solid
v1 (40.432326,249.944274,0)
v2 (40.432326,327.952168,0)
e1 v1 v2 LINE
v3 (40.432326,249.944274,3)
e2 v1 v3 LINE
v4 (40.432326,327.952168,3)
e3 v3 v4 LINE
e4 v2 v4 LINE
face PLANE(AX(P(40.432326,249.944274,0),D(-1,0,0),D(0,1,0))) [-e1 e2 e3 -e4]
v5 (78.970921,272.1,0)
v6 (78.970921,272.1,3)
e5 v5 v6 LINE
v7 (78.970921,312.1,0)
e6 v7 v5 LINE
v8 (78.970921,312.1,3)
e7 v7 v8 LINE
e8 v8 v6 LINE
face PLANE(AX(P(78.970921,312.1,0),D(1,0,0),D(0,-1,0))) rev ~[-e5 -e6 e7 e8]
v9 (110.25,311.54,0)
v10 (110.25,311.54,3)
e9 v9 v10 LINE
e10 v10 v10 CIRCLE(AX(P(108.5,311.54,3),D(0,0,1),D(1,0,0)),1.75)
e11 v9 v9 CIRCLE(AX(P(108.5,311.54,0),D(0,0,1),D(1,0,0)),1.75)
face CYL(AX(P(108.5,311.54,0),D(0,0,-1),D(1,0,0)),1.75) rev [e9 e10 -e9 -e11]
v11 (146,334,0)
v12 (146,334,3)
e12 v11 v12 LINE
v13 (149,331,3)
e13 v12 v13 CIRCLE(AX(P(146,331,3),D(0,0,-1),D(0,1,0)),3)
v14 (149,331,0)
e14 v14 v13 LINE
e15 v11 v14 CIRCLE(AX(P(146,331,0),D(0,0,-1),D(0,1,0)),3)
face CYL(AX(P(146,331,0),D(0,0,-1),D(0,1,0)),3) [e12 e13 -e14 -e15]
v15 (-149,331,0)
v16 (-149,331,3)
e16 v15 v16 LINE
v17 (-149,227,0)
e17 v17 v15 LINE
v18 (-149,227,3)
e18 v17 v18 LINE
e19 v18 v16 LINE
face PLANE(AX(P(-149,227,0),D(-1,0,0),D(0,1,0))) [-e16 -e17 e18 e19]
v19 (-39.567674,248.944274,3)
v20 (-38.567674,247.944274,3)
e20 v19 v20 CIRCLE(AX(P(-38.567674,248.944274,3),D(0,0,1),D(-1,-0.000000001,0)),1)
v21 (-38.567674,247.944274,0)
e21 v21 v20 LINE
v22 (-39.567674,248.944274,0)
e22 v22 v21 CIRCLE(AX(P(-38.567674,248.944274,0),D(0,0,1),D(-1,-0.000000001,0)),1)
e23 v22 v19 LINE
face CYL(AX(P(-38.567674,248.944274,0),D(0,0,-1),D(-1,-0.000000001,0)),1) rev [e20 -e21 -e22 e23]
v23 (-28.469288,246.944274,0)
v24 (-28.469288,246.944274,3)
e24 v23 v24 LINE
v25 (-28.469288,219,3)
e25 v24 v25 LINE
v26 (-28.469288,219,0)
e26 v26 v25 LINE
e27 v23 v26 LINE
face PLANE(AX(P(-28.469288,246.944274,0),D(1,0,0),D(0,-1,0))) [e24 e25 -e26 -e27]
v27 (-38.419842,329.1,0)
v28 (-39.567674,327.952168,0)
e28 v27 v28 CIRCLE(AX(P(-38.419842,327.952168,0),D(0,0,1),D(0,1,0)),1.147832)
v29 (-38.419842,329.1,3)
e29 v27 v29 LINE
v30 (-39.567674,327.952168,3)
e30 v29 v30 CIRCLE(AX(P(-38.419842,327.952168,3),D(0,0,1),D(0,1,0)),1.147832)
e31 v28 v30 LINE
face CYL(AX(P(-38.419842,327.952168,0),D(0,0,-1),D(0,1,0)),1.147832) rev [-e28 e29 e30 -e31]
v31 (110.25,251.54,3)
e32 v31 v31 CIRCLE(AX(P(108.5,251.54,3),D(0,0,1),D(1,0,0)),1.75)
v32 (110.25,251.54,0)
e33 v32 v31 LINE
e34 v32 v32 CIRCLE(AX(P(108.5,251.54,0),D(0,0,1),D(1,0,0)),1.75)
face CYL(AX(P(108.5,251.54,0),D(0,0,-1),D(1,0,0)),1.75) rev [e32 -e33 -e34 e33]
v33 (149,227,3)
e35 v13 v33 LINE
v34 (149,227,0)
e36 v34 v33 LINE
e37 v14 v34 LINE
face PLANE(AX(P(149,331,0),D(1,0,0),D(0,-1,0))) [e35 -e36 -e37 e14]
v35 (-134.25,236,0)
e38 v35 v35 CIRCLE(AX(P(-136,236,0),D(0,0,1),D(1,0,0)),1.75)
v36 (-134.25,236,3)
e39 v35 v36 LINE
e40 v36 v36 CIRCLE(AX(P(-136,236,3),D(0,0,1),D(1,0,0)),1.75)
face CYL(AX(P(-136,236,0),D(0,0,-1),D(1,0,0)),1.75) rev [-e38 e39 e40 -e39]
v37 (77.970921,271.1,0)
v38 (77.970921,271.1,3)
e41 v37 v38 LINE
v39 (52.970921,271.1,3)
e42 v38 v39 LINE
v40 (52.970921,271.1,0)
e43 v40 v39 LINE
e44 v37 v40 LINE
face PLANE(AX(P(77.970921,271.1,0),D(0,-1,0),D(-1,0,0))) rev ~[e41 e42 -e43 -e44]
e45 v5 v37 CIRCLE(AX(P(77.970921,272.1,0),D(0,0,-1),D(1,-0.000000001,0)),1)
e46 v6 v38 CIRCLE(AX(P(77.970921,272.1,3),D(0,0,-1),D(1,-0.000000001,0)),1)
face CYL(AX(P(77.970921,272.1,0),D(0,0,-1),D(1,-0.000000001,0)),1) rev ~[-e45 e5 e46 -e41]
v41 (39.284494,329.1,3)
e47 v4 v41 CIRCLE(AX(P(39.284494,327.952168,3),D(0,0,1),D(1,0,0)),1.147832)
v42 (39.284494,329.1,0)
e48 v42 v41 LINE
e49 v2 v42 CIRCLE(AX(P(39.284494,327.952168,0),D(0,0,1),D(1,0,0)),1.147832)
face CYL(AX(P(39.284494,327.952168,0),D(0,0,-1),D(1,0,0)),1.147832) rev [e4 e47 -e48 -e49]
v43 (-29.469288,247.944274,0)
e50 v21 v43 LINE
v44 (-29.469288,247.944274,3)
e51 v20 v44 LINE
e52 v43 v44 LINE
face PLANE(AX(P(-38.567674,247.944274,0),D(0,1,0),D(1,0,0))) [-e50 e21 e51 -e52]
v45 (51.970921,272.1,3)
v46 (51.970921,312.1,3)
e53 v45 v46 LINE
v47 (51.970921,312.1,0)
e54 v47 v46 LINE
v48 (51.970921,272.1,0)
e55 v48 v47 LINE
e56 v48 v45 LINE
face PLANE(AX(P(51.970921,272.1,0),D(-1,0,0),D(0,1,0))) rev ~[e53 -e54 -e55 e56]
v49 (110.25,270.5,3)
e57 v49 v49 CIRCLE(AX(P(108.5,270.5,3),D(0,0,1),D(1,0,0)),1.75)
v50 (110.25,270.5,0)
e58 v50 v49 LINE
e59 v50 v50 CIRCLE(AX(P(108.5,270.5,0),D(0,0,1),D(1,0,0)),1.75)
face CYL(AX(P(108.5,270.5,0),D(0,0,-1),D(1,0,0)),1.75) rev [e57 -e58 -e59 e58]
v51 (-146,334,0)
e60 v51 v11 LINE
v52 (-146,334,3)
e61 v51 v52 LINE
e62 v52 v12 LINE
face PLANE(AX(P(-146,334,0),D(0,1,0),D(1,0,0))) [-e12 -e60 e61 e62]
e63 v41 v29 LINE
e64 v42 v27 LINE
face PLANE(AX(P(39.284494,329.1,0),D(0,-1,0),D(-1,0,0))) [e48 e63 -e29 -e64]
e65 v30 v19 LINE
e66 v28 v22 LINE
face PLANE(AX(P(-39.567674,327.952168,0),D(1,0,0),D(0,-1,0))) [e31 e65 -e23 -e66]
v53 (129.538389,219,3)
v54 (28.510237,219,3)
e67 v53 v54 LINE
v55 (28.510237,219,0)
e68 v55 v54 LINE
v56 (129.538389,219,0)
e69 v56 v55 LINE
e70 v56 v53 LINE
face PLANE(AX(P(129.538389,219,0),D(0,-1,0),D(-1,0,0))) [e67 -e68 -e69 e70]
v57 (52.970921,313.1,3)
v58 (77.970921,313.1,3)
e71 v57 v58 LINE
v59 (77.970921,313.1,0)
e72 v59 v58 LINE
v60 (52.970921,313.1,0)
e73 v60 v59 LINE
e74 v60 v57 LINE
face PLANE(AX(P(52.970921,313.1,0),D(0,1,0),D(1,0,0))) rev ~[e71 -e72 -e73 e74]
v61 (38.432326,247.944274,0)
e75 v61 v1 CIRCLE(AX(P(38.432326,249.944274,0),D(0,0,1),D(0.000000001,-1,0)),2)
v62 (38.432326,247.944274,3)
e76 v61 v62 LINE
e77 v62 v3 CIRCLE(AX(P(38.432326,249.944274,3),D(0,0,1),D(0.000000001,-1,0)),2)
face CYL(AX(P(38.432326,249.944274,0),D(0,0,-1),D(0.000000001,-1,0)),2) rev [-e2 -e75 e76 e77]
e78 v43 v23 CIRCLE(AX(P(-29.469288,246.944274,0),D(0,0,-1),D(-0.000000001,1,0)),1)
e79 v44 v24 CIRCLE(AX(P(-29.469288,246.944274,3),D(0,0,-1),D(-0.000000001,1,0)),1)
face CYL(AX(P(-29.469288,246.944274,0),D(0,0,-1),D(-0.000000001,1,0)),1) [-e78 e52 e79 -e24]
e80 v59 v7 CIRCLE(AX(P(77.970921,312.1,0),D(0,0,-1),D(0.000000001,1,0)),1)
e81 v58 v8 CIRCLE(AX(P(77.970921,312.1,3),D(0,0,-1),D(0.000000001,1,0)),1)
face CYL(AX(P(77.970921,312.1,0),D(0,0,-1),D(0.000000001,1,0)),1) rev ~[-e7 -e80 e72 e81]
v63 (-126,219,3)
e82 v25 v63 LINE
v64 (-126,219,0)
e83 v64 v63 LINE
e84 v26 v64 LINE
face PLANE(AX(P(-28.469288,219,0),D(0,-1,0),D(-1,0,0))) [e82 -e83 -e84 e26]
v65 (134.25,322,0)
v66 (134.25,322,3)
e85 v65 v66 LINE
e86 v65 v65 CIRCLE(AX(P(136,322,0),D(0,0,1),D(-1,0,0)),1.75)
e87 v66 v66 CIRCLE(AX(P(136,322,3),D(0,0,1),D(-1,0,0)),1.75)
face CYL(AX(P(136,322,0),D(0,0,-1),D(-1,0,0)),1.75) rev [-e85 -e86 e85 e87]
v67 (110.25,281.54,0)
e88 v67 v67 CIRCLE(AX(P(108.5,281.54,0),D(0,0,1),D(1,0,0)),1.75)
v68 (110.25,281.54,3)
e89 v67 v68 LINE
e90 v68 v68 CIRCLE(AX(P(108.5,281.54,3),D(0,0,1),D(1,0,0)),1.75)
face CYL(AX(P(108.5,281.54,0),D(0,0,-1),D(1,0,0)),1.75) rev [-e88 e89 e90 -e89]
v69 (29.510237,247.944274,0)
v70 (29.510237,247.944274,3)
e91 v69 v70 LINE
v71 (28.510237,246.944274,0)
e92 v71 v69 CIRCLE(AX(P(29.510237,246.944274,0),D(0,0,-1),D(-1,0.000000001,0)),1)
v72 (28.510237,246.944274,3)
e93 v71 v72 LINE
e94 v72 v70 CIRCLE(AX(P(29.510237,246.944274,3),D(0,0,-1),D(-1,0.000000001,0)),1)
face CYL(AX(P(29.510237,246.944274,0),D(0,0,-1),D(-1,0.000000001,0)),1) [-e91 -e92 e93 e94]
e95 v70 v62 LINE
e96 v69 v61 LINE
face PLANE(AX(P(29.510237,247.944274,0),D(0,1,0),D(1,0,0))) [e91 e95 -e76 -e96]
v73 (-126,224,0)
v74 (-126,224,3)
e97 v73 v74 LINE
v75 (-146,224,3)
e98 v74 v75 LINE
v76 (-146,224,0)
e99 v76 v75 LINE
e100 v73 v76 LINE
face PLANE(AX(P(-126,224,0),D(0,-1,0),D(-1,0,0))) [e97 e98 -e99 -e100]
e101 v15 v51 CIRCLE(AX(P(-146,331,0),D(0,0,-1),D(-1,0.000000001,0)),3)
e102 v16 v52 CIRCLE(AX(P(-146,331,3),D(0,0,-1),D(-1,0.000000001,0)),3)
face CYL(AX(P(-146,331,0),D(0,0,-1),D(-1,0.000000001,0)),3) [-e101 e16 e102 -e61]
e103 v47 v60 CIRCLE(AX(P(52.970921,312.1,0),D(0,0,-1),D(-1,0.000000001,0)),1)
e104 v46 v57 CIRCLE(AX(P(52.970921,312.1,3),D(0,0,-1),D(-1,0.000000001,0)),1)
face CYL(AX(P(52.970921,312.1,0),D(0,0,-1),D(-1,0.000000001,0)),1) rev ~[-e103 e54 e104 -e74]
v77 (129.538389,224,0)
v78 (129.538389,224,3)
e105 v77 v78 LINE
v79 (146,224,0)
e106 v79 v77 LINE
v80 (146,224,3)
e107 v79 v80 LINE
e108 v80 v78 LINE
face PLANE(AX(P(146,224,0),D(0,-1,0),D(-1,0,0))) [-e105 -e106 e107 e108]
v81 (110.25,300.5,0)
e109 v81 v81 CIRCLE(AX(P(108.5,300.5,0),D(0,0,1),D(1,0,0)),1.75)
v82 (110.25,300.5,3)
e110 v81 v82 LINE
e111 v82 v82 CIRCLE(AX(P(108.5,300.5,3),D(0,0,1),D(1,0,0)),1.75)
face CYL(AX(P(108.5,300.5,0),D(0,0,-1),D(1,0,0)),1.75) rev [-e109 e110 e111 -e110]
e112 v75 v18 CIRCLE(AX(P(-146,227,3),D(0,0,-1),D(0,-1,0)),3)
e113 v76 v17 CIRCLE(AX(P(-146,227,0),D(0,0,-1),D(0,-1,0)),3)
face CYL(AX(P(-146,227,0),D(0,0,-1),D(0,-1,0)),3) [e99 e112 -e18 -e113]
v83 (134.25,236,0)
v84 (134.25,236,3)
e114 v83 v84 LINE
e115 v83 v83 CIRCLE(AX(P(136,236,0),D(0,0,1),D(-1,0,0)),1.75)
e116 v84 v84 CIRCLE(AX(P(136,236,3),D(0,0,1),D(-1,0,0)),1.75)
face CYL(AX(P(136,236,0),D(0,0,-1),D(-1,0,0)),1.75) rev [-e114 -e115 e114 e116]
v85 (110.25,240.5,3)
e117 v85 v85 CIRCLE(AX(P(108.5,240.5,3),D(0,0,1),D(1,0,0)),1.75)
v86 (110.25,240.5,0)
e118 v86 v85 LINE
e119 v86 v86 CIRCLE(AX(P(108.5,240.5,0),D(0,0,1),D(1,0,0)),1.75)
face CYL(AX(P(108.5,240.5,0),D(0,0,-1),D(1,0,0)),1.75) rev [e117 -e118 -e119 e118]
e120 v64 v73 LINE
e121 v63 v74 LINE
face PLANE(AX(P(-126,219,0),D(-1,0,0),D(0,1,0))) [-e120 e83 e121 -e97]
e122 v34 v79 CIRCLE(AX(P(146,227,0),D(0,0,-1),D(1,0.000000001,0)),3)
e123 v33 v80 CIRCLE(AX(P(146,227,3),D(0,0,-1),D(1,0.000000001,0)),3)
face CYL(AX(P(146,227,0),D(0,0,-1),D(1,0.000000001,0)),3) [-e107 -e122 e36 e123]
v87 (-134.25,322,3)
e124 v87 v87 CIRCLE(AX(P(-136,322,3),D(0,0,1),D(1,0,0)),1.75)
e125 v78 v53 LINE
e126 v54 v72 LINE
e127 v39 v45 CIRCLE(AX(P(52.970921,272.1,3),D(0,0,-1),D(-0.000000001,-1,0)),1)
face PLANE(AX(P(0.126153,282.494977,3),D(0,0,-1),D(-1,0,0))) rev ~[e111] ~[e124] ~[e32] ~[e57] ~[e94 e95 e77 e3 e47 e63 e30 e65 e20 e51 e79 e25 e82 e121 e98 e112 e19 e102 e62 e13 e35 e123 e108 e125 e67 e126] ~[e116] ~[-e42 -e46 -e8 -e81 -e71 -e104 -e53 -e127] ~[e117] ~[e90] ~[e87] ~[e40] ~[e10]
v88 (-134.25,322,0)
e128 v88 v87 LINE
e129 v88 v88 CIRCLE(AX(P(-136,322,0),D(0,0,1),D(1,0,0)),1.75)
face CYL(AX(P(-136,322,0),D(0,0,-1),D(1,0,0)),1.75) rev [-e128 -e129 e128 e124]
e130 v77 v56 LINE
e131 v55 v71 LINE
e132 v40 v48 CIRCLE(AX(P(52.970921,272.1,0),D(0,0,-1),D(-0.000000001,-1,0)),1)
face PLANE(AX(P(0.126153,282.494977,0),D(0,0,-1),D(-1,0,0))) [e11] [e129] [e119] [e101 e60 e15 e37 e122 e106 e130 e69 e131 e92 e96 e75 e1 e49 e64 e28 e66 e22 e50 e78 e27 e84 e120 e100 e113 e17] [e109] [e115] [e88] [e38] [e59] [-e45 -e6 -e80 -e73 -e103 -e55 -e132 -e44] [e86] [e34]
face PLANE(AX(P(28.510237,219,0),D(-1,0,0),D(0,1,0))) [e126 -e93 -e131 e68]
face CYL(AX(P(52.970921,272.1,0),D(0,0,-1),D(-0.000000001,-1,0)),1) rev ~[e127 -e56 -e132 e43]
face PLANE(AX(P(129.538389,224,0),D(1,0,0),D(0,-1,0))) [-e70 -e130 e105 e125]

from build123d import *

# Parameters (mm, degrees)
SKETCH1_R           = 1.75
BOSS_EXTRUDE1_DEPTH = 3


with BuildPart() as part:
    # Sketch1 → Boss-Extrude1 (new body)
    with BuildSketch(Plane.XY):
        with BuildLine():
            Line((-146, 333.999999944), (146, 333.999999944))
            ThreePointArc((146, 333.999999944), (148.121320344, 333.121320287), (149, 330.999999944))
            Line((149, 330.999999944), (149, 226.999999944))
            ThreePointArc((149, 226.999999944), (148.121320344, 224.8786796), (146, 223.999999944))
            Line((146, 223.999999944), (129.53838912, 223.999999944))
            Line((129.53838912, 223.999999944), (129.53838912, 219))
            Line((129.53838912, 219), (73.53838912, 219))
            Line((73.53838912, 219), (28.510237275, 219))
            Line((28.510237275, 219), (28.510237275, 246.944274273))
            ThreePointArc((28.510237275, 246.944274273), (28.803130494, 247.651381054), (29.510237275, 247.944274273))
            Line((29.510237275, 247.944274273), (38.432325919, 247.944274273))
            ThreePointArc((38.432325919, 247.944274273), (39.846539481, 248.530060711), (40.432325919, 249.944274273))
            Line((40.432325919, 249.944274273), (40.432325919, 327.952168393))
            ThreePointArc((40.432325919, 327.952168393), (40.096133825, 328.763807906), (39.284494312, 329.1))
            Line((39.284494312, 329.1), (-38.419842474, 329.1))
            ThreePointArc((-38.419842474, 329.1), (-39.231481987, 328.763807906), (-39.567674081, 327.952168393))
            Line((-39.567674081, 327.952168393), (-39.567674081, 248.944274273))
            ThreePointArc((-39.567674081, 248.944274273), (-39.274780862, 248.237167492), (-38.567674081, 247.944274273))
            Line((-38.567674081, 247.944274273), (-29.469288178, 247.944274273))
            ThreePointArc((-29.469288178, 247.944274273), (-28.762181396, 247.651381054), (-28.469288178, 246.944274273))
            Line((-28.469288178, 246.944274273), (-28.469288178, 218.999999943))
            Line((-28.469288178, 218.999999943), (-70, 218.999999943))
            Line((-70, 218.999999943), (-126, 218.999999943))
            Line((-126, 218.999999943), (-126, 223.999999944))
            Line((-126, 223.999999944), (-146, 223.999999944))
            ThreePointArc((-146, 223.999999944), (-148.121320343, 224.8786796), (-149, 226.999999944))
            Line((-149, 226.999999944), (-149, 330.999999944))
            ThreePointArc((-149, 330.999999944), (-148.121320343, 333.121320287), (-146, 333.999999944))
        make_face()
        with Locations((-136, 321.999999944)):
            Circle(SKETCH1_R, mode=Mode.SUBTRACT)
        with Locations((-136, 235.999999944)):
            Circle(SKETCH1_R, mode=Mode.SUBTRACT)
        with Locations(Location((136, 235.999999944, 0), (0, 0, 180))):
            Circle(SKETCH1_R, mode=Mode.SUBTRACT)
        with Locations(Location((136, 321.999999944, 0), (0, 0, 180))):
            Circle(SKETCH1_R, mode=Mode.SUBTRACT)
        with Locations((108.5, 311.539999944)):
            Circle(SKETCH1_R, mode=Mode.SUBTRACT)
        with Locations((108.5, 300.499999944)):
            Circle(SKETCH1_R, mode=Mode.SUBTRACT)
        with Locations((108.5, 281.539999944)):
            Circle(SKETCH1_R, mode=Mode.SUBTRACT)
        with Locations((108.5, 270.499999944)):
            Circle(SKETCH1_R, mode=Mode.SUBTRACT)
        with Locations((108.5, 251.539999944)):
            Circle(SKETCH1_R, mode=Mode.SUBTRACT)
        with Locations((108.5, 240.499999944)):
            Circle(SKETCH1_R, mode=Mode.SUBTRACT)
        with BuildLine():
            Line((52.97092131, 313.1), (77.97092131, 313.1))
            ThreePointArc((77.97092131, 313.1), (78.678028091, 312.807106781), (78.97092131, 312.1))
            Line((78.97092131, 312.1), (78.97092131, 272.1))
            ThreePointArc((78.97092131, 272.1), (78.678028091, 271.392893219), (77.97092131, 271.1))
            Line((77.97092131, 271.1), (52.97092131, 271.1))
            ThreePointArc((52.97092131, 271.1), (52.263814529, 271.392893219), (51.97092131, 272.1))
            Line((51.97092131, 272.1), (51.97092131, 312.1))
            ThreePointArc((51.97092131, 312.1), (52.263814529, 312.807106781), (52.97092131, 313.1))
        make_face(mode=Mode.SUBTRACT)
    extrude(amount=BOSS_EXTRUDE1_DEPTH)


solid = part.part
